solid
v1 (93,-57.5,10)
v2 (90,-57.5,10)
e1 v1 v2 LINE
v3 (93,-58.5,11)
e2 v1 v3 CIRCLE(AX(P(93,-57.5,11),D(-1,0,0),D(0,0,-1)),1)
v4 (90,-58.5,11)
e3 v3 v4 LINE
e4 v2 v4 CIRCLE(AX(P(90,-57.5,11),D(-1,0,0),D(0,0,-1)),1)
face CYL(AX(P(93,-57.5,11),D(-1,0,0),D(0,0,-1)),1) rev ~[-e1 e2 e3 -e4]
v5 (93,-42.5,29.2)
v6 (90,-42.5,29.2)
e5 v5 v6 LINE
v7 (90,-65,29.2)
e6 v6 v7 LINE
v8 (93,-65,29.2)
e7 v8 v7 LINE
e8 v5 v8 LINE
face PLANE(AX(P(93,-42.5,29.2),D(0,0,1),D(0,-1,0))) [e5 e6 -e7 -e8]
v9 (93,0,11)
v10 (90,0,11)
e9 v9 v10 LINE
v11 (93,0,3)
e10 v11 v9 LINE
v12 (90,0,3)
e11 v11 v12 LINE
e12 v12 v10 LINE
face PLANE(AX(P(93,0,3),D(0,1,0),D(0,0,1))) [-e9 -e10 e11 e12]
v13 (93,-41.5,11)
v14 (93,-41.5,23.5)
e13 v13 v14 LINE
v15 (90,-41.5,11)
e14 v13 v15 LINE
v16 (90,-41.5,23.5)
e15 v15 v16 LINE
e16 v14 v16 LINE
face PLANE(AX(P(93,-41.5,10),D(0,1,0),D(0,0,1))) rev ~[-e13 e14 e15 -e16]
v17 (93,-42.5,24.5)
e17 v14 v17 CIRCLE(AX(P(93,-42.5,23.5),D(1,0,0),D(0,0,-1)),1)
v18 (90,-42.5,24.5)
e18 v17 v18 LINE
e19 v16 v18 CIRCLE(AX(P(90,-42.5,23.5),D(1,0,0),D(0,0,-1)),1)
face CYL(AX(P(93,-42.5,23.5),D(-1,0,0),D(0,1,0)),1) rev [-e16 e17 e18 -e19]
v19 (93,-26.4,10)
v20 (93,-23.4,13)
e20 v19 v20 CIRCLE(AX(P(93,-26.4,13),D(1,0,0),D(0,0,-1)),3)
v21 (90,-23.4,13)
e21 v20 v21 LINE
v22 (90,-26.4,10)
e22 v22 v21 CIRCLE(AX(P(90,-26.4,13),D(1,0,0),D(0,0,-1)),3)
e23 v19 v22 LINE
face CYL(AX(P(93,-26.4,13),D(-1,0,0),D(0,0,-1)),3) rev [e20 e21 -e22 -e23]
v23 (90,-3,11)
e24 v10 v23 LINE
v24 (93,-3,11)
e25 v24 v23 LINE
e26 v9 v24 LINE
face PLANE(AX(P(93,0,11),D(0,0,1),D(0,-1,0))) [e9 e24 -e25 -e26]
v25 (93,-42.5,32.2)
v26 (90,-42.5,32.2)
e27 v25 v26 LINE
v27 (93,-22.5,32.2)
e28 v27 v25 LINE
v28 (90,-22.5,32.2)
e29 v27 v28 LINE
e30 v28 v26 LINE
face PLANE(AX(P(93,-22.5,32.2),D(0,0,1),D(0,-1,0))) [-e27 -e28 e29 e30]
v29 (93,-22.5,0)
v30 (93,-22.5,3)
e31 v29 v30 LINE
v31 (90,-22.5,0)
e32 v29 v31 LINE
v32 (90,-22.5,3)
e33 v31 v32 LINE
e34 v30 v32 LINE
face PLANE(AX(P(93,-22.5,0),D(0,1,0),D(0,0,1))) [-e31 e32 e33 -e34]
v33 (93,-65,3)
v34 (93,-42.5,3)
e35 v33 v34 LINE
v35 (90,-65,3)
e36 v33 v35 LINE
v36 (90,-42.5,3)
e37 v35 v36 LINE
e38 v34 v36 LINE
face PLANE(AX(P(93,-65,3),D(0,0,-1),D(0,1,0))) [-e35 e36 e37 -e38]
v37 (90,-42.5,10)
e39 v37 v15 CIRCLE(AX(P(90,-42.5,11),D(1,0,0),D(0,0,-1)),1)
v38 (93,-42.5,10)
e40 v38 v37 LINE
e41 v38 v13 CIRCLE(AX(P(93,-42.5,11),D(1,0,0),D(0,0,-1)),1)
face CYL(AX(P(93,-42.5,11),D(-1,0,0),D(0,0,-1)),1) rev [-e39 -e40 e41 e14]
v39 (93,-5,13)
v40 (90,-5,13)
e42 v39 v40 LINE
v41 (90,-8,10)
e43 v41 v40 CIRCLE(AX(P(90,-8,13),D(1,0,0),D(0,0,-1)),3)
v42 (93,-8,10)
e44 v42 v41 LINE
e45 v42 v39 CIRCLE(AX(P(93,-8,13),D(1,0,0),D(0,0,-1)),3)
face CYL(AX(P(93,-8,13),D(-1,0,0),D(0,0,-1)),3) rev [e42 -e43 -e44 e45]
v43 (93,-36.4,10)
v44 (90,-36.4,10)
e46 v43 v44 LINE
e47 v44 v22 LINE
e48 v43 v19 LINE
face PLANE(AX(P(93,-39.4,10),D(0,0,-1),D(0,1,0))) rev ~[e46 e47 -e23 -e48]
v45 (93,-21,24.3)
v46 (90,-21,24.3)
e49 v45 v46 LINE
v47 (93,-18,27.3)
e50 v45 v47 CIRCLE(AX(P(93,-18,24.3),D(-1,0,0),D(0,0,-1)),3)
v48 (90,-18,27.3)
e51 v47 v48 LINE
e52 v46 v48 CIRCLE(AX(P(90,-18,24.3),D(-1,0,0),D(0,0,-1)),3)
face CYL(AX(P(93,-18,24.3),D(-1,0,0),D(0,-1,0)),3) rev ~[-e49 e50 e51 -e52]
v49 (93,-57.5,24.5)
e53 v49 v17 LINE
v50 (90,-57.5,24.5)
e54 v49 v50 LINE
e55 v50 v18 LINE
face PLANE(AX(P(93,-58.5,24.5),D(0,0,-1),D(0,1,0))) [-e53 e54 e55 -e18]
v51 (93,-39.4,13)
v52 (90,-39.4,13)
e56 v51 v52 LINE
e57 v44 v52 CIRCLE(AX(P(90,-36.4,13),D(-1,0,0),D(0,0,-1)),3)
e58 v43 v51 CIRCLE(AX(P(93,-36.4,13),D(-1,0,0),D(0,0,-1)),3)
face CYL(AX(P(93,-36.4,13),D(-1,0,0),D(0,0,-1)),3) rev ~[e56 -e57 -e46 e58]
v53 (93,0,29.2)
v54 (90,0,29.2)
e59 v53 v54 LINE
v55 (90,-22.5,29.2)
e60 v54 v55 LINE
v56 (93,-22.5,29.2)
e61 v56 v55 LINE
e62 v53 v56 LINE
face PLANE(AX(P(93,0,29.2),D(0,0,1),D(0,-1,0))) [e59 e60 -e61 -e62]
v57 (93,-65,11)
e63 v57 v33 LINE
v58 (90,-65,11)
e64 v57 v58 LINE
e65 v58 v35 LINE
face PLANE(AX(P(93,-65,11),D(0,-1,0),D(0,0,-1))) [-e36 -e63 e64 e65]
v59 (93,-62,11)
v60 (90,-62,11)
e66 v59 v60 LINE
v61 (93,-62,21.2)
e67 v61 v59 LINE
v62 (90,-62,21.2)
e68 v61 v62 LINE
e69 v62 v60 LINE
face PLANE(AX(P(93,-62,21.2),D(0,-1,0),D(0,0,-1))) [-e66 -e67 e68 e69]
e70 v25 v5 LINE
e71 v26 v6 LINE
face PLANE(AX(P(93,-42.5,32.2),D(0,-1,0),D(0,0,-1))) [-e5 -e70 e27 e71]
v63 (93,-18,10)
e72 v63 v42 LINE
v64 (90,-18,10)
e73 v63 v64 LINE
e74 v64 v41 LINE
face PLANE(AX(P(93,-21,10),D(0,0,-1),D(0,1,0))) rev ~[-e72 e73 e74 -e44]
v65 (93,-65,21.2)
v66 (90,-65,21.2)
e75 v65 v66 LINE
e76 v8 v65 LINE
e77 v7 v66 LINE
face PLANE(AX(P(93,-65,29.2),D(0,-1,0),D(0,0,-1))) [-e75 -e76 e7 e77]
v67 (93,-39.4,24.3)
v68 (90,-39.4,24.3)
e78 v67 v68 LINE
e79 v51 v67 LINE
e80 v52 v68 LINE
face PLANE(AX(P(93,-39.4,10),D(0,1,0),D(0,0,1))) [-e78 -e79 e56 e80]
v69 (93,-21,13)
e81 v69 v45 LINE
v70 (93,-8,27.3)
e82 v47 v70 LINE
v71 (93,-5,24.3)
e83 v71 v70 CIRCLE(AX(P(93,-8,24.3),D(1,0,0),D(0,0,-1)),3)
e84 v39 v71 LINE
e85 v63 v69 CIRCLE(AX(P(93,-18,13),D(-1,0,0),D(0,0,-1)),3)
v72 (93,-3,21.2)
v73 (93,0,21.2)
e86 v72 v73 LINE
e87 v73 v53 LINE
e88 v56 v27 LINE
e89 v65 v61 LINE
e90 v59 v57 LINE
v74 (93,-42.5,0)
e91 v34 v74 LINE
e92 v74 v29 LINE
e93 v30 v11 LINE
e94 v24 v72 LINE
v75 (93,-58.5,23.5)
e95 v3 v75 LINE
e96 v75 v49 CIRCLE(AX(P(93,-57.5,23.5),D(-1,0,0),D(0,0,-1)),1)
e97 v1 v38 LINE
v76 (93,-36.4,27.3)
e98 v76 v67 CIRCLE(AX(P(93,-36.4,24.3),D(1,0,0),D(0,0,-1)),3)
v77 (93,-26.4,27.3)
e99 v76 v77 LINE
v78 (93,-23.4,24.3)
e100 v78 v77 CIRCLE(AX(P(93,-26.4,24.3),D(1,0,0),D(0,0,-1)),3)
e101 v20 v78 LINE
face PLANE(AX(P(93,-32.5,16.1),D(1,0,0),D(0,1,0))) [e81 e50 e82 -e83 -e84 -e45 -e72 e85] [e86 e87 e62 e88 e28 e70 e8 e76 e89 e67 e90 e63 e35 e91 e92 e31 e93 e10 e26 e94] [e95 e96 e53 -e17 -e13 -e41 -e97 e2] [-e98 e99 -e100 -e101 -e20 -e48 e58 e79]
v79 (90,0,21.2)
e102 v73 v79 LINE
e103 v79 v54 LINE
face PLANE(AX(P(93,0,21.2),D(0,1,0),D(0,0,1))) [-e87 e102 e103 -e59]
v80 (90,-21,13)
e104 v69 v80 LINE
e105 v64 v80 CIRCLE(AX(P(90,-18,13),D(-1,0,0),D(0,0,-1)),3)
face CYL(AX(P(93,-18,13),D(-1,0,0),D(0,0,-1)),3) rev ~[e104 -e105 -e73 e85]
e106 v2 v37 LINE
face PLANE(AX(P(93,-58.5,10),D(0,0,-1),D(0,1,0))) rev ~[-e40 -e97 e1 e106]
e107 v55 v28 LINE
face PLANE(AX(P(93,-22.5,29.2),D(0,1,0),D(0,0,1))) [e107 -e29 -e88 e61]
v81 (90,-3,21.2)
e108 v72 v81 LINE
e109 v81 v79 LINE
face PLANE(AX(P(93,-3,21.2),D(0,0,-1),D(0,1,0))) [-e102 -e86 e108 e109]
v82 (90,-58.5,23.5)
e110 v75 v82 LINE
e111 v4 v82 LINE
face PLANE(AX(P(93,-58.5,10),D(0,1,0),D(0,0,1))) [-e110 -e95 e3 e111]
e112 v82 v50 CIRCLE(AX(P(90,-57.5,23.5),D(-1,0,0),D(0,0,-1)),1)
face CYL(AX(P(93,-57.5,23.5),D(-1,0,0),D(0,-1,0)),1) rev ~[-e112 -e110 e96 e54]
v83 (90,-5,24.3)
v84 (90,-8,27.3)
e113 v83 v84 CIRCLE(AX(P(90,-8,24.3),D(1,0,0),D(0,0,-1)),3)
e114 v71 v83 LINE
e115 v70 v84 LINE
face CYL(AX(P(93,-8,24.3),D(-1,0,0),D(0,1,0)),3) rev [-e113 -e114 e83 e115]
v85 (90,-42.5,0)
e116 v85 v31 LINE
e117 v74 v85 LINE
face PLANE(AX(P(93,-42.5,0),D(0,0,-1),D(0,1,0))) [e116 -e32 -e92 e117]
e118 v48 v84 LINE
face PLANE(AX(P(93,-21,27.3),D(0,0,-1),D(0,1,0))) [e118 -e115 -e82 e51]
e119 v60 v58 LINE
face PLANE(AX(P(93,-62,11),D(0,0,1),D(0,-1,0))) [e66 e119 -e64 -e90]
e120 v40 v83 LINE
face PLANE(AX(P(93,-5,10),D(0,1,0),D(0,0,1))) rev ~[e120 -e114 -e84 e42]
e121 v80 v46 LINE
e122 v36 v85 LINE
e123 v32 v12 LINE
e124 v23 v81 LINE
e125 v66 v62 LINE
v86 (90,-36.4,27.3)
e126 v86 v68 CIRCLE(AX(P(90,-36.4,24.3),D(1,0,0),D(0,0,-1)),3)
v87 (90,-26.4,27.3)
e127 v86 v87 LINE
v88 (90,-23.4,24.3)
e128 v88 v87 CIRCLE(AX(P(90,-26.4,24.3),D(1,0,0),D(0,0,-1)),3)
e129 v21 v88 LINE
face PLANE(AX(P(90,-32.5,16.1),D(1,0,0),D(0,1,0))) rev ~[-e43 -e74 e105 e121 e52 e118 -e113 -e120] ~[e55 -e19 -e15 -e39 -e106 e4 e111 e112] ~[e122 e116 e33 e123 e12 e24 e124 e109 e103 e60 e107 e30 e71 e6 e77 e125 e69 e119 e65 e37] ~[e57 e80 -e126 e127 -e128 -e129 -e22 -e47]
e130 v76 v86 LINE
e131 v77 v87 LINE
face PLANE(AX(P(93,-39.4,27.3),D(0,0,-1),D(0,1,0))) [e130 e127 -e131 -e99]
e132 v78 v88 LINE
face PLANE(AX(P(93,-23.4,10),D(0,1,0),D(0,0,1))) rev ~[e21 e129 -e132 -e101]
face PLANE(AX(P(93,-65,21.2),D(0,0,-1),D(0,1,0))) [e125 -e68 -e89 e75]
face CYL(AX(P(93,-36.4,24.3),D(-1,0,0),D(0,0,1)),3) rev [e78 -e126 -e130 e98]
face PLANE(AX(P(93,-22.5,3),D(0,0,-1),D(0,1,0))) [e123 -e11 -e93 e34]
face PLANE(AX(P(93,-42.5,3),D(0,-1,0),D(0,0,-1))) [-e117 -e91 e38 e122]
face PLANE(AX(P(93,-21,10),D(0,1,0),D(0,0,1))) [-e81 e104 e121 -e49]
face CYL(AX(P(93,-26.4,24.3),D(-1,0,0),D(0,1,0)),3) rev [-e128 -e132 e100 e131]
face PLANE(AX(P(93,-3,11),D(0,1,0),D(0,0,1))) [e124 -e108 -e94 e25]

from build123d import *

# Parameters (mm, degrees)
SKETCH008_W   = 17
SKETCH008_H   = 14.5
SKETCH008_W_2 = 16
SKETCH008_H_2 = 17.3
PAD002_DEPTH  = 3
FILLET_R      = 3
FILLET004_R   = 1


with BuildPart() as part:
    # Sketch008 → Pad002 (new body)
    with BuildSketch(Plane.YZ.offset(93)):
        Polygon((-42.5, 3), (-42.5, 0), (-22.5, 0), (-22.5, 3), (0, 3), (0, 11), (-3, 11), (-3, 21.2), (0, 21.2), (0, 29.2), (-22.5, 29.2), (-22.5, 32.2), (-42.5, 32.2), (-42.5, 29.2), (-65, 29.2), (-65, 21.2), (-62, 21.2), (-62, 11), (-65, 11), (-65, 3), align=None)
        with Locations((-50, 17.25)):
            Rectangle(SKETCH008_W, SKETCH008_H, mode=Mode.SUBTRACT)
        with Locations((-13, 18.65)):
            Rectangle(SKETCH008_W_2, SKETCH008_H_2, mode=Mode.SUBTRACT)
        with Locations((-31.4, 18.65)):
            Rectangle(SKETCH008_W_2, SKETCH008_H_2, mode=Mode.SUBTRACT)
    extrude(amount=-PAD002_DEPTH)

    # Fillet
    fillet_edges = [part.edges().sort_by_distance(p)[0] for p in [
        (91.5, -23.4, 10),
        (91.5, -5, 10),
        (91.5, -5, 27.3),
        (91.5, -23.4, 27.3),
        (91.5, -21, 10),
        (91.5, -39.4, 10),
        (91.5, -21, 27.3),
        (91.5, -39.4, 27.3),
    ]]
    fillet(fillet_edges, radius=FILLET_R)

    # Fillet004
    fillet004_edges = [part.edges().sort_by_distance(p)[0] for p in [
        (91.5, -58.5, 10),
        (91.5, -58.5, 24.5),
        (91.5, -41.5, 24.5),
        (91.5, -41.5, 10),
    ]]
    fillet(fillet004_edges, radius=FILLET004_R)


solid = part.part
